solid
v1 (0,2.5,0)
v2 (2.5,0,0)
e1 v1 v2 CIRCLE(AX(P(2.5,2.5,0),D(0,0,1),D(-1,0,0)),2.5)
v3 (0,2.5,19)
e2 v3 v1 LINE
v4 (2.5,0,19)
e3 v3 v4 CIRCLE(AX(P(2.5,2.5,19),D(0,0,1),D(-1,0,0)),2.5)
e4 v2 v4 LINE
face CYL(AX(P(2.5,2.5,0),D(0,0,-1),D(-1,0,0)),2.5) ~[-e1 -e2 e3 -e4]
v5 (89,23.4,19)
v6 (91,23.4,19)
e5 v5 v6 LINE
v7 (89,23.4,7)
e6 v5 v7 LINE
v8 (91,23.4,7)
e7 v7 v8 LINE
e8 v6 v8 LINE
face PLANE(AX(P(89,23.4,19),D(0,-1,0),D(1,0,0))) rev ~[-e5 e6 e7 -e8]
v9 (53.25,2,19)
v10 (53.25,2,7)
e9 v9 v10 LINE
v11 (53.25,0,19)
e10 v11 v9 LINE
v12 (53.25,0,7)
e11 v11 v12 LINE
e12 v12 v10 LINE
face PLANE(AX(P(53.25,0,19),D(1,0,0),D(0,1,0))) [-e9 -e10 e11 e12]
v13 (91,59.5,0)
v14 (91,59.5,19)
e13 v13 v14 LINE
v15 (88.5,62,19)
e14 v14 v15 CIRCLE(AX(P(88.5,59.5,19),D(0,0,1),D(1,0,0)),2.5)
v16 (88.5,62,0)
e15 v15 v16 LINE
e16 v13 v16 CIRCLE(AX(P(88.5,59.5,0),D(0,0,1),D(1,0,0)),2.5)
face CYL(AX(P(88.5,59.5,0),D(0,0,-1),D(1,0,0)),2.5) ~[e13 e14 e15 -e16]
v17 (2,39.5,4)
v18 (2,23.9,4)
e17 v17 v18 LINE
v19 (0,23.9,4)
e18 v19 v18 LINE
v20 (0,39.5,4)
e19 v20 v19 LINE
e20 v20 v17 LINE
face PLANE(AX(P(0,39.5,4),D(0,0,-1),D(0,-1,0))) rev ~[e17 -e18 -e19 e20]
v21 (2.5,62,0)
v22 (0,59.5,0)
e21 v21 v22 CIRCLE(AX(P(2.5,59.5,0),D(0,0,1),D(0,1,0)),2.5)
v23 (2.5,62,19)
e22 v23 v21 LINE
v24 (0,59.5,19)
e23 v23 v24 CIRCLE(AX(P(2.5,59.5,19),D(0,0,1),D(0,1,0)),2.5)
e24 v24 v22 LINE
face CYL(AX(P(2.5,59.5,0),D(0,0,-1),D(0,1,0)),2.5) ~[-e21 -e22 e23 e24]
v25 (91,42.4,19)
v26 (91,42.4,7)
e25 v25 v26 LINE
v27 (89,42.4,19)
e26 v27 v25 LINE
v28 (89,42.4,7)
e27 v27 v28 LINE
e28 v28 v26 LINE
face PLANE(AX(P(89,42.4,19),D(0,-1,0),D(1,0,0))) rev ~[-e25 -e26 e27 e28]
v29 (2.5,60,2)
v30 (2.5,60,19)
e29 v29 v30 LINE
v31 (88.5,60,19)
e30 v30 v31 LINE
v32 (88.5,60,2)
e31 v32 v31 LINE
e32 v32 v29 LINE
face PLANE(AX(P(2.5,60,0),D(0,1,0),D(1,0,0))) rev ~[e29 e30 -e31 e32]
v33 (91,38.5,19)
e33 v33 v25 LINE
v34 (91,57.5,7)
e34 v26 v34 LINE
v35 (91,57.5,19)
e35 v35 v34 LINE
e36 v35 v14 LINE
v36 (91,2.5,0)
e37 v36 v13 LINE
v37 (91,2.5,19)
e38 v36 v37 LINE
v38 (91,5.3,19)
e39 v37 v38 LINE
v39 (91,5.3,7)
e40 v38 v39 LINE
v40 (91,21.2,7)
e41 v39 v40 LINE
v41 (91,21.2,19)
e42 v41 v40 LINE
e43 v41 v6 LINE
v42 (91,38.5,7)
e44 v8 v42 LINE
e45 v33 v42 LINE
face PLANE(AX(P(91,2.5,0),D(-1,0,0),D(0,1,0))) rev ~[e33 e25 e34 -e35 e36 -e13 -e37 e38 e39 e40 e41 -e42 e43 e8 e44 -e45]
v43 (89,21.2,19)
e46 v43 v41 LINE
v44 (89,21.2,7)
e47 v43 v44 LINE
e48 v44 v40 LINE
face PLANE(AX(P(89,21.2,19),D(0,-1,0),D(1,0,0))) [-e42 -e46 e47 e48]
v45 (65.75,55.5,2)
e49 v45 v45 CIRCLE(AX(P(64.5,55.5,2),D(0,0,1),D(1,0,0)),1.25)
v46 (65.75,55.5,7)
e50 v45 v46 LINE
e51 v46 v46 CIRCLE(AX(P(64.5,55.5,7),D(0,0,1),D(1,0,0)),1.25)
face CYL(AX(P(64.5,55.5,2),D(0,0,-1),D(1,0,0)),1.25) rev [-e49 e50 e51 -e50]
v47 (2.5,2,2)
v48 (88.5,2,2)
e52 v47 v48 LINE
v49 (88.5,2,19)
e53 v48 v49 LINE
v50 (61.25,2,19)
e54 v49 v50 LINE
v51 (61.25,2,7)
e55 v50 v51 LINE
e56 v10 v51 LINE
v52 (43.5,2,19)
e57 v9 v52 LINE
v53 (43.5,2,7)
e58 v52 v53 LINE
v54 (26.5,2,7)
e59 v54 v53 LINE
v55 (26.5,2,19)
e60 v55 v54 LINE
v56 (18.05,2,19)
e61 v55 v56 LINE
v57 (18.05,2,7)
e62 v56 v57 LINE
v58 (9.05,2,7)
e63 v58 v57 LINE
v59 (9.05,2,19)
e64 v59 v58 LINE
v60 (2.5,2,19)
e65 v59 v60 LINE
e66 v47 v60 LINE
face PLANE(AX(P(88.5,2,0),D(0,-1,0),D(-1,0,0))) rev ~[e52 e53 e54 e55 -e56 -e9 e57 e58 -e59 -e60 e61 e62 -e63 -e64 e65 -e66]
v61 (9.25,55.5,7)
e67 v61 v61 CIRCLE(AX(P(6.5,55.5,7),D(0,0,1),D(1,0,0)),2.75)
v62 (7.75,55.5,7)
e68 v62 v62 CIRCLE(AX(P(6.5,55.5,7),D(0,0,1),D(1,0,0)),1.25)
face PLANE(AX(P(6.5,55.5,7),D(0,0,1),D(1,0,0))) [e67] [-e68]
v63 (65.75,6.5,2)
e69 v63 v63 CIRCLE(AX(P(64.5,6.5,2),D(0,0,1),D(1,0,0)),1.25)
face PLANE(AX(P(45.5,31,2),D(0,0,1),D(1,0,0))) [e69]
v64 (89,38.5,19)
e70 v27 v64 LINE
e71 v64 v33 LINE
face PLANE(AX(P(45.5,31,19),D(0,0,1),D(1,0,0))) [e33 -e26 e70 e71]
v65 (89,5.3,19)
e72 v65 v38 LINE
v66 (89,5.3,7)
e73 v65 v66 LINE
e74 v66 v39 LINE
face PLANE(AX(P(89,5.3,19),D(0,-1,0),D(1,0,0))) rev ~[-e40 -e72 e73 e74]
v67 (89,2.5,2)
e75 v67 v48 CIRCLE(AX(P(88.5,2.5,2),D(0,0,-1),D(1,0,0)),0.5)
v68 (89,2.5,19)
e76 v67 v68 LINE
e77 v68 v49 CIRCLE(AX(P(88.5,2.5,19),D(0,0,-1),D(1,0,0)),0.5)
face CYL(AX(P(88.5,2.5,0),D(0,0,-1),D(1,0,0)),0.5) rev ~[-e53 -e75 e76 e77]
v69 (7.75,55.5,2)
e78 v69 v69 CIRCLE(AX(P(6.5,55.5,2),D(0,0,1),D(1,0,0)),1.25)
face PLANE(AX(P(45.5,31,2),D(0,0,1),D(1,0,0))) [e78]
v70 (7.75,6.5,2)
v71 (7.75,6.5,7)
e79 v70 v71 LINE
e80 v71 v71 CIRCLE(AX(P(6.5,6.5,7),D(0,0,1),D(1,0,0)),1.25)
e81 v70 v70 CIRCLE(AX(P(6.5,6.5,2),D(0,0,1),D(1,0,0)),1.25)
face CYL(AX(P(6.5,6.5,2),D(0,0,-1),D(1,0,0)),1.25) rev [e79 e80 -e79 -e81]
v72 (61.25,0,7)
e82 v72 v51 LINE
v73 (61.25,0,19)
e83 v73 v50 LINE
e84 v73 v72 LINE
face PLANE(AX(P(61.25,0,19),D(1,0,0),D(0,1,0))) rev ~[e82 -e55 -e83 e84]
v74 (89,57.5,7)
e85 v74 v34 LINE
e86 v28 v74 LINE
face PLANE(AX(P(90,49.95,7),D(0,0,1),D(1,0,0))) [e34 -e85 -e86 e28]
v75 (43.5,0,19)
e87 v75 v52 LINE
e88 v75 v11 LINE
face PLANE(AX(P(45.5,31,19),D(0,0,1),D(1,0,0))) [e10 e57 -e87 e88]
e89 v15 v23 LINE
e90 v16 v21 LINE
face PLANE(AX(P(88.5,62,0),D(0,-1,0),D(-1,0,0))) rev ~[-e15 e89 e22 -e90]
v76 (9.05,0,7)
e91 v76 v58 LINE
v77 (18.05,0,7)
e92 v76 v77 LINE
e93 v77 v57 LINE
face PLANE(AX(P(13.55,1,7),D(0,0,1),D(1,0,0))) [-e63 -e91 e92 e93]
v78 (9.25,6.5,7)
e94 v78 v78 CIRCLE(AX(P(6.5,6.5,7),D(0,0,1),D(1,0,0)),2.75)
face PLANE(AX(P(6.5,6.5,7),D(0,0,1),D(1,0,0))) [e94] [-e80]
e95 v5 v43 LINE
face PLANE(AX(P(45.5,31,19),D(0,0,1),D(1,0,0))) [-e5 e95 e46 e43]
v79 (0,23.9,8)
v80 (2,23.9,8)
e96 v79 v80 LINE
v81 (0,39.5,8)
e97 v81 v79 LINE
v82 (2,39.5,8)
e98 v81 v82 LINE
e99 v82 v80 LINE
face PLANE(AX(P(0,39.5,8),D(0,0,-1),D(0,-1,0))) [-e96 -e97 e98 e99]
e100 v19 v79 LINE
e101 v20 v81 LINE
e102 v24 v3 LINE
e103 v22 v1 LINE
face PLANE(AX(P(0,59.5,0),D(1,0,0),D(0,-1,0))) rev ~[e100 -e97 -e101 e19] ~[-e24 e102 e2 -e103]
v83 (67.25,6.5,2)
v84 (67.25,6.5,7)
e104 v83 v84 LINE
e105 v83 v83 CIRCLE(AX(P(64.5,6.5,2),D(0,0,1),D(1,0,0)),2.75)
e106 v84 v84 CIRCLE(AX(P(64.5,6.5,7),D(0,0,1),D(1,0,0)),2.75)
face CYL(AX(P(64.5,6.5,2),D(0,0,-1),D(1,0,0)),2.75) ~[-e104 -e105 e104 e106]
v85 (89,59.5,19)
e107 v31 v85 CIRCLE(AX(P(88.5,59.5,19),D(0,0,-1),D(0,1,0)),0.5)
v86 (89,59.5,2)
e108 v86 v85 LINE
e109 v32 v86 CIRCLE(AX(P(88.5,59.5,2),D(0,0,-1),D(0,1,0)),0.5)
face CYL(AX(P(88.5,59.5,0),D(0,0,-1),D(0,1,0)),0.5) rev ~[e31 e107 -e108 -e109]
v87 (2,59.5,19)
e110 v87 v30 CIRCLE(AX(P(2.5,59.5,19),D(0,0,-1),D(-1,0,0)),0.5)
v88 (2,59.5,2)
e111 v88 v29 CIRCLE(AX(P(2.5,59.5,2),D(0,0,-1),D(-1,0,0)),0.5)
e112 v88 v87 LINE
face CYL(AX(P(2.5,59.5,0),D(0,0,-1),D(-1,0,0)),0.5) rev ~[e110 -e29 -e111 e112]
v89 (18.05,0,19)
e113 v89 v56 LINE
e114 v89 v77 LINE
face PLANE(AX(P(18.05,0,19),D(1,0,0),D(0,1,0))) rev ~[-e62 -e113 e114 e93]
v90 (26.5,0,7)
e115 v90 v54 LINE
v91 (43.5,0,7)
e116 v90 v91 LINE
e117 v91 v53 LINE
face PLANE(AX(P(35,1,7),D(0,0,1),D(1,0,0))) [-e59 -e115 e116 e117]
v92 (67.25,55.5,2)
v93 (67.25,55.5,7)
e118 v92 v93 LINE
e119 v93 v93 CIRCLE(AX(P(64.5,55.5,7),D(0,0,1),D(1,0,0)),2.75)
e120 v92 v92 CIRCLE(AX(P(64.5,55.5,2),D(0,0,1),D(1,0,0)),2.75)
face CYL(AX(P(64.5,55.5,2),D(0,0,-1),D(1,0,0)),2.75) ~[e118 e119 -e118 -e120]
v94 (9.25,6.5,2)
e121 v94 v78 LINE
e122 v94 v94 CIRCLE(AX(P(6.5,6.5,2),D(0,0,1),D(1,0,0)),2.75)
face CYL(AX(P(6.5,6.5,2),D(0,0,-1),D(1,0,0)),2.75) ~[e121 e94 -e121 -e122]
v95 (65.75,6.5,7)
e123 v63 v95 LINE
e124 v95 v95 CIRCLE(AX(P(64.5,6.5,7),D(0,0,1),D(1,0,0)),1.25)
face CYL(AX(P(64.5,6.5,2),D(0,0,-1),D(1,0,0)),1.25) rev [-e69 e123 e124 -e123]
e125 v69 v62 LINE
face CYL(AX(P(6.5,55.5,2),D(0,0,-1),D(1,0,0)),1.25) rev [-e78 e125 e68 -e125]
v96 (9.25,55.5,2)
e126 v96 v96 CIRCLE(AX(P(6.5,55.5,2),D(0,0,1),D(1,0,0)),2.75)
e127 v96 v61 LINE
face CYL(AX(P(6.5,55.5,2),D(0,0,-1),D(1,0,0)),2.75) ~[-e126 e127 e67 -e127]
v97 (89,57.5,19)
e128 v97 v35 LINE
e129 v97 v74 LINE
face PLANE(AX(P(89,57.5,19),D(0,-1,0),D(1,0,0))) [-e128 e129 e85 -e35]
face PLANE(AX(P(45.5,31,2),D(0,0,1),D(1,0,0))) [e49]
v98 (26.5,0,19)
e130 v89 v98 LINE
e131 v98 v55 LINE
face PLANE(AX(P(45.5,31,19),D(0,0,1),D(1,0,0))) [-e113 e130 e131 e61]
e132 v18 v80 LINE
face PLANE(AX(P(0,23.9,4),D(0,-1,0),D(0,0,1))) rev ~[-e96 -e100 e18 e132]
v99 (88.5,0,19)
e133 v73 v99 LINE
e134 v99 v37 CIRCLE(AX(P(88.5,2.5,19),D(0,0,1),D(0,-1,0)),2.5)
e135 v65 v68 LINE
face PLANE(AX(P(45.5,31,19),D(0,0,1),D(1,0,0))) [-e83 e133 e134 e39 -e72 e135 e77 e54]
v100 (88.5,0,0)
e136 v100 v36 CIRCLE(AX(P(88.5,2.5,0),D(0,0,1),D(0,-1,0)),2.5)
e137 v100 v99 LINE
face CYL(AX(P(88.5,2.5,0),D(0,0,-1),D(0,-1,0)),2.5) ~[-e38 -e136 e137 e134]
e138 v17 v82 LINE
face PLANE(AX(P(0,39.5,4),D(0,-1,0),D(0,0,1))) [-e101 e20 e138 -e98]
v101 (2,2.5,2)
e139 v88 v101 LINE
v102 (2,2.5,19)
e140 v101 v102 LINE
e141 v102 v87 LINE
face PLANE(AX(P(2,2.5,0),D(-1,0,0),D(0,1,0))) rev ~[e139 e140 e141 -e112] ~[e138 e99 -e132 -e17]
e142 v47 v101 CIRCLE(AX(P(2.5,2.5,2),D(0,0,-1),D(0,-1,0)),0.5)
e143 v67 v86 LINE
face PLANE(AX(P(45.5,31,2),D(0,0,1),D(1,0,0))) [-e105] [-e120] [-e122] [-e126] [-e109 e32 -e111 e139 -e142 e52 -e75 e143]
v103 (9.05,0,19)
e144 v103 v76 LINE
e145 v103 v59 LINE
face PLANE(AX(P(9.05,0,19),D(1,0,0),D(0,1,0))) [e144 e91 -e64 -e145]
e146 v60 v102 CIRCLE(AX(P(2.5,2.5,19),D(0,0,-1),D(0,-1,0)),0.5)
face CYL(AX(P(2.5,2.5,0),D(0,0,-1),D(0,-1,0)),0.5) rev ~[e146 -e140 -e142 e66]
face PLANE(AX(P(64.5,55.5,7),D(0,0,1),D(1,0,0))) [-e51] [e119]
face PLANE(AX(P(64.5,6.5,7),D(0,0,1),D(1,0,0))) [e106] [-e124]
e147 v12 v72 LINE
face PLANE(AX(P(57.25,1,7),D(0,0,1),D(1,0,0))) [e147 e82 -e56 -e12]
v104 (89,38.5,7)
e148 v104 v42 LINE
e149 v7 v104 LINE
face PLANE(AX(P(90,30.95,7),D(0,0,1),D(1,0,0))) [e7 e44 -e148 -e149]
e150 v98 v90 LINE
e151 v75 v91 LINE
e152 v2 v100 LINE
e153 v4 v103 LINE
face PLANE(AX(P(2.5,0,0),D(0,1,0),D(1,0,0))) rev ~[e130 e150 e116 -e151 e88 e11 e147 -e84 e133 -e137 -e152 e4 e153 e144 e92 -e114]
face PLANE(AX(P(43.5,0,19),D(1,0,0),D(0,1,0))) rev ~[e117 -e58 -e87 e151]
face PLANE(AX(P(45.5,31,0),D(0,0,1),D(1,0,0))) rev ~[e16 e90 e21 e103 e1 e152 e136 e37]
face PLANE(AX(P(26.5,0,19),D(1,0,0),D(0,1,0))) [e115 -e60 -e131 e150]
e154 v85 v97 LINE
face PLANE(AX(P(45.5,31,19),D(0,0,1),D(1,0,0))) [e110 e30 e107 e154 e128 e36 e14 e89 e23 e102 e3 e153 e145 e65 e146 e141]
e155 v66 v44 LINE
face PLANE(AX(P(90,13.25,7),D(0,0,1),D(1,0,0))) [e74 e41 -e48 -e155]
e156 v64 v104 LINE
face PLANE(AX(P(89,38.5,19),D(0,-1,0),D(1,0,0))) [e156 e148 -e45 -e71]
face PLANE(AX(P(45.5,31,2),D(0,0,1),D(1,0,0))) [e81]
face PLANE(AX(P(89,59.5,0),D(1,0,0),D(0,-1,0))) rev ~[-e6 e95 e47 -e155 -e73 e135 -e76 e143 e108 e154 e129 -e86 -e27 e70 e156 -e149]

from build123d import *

# Parameters (mm, degrees)
F1_DEPTH = 2
F2_DEPTH = 19
F3_R     = 2.75
F3_R_2   = 1.25
F4_DEPTH = 5
F5_W     = 9
F5_H     = 2
F5_W_2   = 17
F5_W_3   = 8
F5_W_4   = 2
F5_H_2   = 15.9
F5_H_3   = 15.1
F6_DEPTH = 12
F7_W     = 15.6
F7_H     = 4
F8_DEPTH = 2


with BuildPart() as f1:
    # F0 (on Top) → F1 (new body)
    with BuildSketch(Plane.XY):
        with BuildLine():
            ThreePointArc((0, 2.5), (0.732233047, 0.732233047), (2.5, 0))
            Line((2.5, 0), (88.5, 0))
            ThreePointArc((88.5, 0), (90.267766953, 0.732233047), (91, 2.5))
            Line((91, 2.5), (91, 59.5))
            ThreePointArc((91, 59.5), (90.267766953, 61.267766953), (88.5, 62))
            Line((88.5, 62), (2.5, 62))
            ThreePointArc((2.5, 62), (0.732233047, 61.267766953), (0, 59.5))
            Line((0, 59.5), (0, 2.5))
        make_face()
        with BuildLine():
            ThreePointArc((2, 59.5), (2.1464466094, 59.8535533906), (2.5, 60))
            Line((2.5, 60), (88.5, 60))
            ThreePointArc((88.5, 60), (88.8535533906, 59.8535533906), (89, 59.5))
            Line((89, 59.5), (89, 2.5))
            ThreePointArc((89, 2.5), (88.8535533906, 2.1464466094), (88.5, 2))
            Line((88.5, 2), (2.5, 2))
            ThreePointArc((2.5, 2), (2.1464466094, 2.1464466094), (2, 2.5))
            Line((2, 2.5), (2, 59.5))
        make_face(mode=Mode.SUBTRACT)
        with BuildLine():
            Line((88.5, 60), (2.5, 60))
            ThreePointArc((2.5, 60), (2.1464466094, 59.8535533906), (2, 59.5))
            Line((2, 59.5), (2, 2.5))
            ThreePointArc((2, 2.5), (2.1464466094, 2.1464466094), (2.5, 2))
            Line((2.5, 2), (88.5, 2))
            ThreePointArc((88.5, 2), (88.8535533906, 2.1464466094), (89, 2.5))
            Line((89, 2.5), (89, 59.5))
            ThreePointArc((89, 59.5), (88.8535533906, 59.8535533906), (88.5, 60))
        make_face()
    extrude(amount=F1_DEPTH)

    # F0 (on Top) → F2 (join)
    with BuildSketch(Plane.XY):
        with BuildLine():
            ThreePointArc((0, 2.5), (0.732233047, 0.732233047), (2.5, 0))
            Line((2.5, 0), (88.5, 0))
            ThreePointArc((88.5, 0), (90.267766953, 0.732233047), (91, 2.5))
            Line((91, 2.5), (91, 59.5))
            ThreePointArc((91, 59.5), (90.267766953, 61.267766953), (88.5, 62))
            Line((88.5, 62), (2.5, 62))
            ThreePointArc((2.5, 62), (0.732233047, 61.267766953), (0, 59.5))
            Line((0, 59.5), (0, 2.5))
        make_face()
        with BuildLine():
            ThreePointArc((2, 59.5), (2.1464466094, 59.8535533906), (2.5, 60))
            Line((2.5, 60), (88.5, 60))
            ThreePointArc((88.5, 60), (88.8535533906, 59.8535533906), (89, 59.5))
            Line((89, 59.5), (89, 2.5))
            ThreePointArc((89, 2.5), (88.8535533906, 2.1464466094), (88.5, 2))
            Line((88.5, 2), (2.5, 2))
            ThreePointArc((2.5, 2), (2.1464466094, 2.1464466094), (2, 2.5))
            Line((2, 2.5), (2, 59.5))
        make_face(mode=Mode.SUBTRACT)
    extrude(amount=F2_DEPTH)

    # F3 (on face) → F4 (join)
    with BuildSketch(Plane.XY.offset(2)):
        with Locations((6.5, 55.5)):
            Circle(F3_R)
        with Locations((6.5, 55.5)):
            Circle(F3_R_2, mode=Mode.SUBTRACT)
        with Locations((64.5, 55.5)):
            Circle(F3_R)
        with Locations((64.5, 55.5)):
            Circle(F3_R_2, mode=Mode.SUBTRACT)
        with Locations((6.5, 6.5)):
            Circle(F3_R)
        with Locations((6.5, 6.5)):
            Circle(F3_R_2, mode=Mode.SUBTRACT)
        with Locations((64.5, 6.5)):
            Circle(F3_R)
        with Locations((64.5, 6.5)):
            Circle(F3_R_2, mode=Mode.SUBTRACT)
    extrude(amount=F4_DEPTH)

    # F5 (on face) → F6 (cut)
    with BuildSketch(Plane.XY.offset(19)):
        with Locations((13.55, 1)):
            Rectangle(F5_W, F5_H)
        with Locations((35, 1)):
            Rectangle(F5_W_2, F5_H)
        with Locations((57.25, 1)):
            Rectangle(F5_W_3, F5_H)
        with Locations((90, 13.25)):
            Rectangle(F5_W_4, F5_H_2)
        with Locations((90, 30.95)):
            Rectangle(F5_W_4, F5_H_3)
        with Locations((90, 49.95)):
            Rectangle(F5_W_4, F5_H_3)
    extrude(amount=-F6_DEPTH, mode=Mode.SUBTRACT)

    # F7 (on face) → F8 (cut)
    with BuildSketch(Plane(origin=(0, 0, 0), x_dir=(0, -1, 0), z_dir=(-1, 0, 0))):
        with Locations((-31.7, 6)):
            Rectangle(F7_W, F7_H)
    extrude(amount=-F8_DEPTH, mode=Mode.SUBTRACT)


solid = f1.part
